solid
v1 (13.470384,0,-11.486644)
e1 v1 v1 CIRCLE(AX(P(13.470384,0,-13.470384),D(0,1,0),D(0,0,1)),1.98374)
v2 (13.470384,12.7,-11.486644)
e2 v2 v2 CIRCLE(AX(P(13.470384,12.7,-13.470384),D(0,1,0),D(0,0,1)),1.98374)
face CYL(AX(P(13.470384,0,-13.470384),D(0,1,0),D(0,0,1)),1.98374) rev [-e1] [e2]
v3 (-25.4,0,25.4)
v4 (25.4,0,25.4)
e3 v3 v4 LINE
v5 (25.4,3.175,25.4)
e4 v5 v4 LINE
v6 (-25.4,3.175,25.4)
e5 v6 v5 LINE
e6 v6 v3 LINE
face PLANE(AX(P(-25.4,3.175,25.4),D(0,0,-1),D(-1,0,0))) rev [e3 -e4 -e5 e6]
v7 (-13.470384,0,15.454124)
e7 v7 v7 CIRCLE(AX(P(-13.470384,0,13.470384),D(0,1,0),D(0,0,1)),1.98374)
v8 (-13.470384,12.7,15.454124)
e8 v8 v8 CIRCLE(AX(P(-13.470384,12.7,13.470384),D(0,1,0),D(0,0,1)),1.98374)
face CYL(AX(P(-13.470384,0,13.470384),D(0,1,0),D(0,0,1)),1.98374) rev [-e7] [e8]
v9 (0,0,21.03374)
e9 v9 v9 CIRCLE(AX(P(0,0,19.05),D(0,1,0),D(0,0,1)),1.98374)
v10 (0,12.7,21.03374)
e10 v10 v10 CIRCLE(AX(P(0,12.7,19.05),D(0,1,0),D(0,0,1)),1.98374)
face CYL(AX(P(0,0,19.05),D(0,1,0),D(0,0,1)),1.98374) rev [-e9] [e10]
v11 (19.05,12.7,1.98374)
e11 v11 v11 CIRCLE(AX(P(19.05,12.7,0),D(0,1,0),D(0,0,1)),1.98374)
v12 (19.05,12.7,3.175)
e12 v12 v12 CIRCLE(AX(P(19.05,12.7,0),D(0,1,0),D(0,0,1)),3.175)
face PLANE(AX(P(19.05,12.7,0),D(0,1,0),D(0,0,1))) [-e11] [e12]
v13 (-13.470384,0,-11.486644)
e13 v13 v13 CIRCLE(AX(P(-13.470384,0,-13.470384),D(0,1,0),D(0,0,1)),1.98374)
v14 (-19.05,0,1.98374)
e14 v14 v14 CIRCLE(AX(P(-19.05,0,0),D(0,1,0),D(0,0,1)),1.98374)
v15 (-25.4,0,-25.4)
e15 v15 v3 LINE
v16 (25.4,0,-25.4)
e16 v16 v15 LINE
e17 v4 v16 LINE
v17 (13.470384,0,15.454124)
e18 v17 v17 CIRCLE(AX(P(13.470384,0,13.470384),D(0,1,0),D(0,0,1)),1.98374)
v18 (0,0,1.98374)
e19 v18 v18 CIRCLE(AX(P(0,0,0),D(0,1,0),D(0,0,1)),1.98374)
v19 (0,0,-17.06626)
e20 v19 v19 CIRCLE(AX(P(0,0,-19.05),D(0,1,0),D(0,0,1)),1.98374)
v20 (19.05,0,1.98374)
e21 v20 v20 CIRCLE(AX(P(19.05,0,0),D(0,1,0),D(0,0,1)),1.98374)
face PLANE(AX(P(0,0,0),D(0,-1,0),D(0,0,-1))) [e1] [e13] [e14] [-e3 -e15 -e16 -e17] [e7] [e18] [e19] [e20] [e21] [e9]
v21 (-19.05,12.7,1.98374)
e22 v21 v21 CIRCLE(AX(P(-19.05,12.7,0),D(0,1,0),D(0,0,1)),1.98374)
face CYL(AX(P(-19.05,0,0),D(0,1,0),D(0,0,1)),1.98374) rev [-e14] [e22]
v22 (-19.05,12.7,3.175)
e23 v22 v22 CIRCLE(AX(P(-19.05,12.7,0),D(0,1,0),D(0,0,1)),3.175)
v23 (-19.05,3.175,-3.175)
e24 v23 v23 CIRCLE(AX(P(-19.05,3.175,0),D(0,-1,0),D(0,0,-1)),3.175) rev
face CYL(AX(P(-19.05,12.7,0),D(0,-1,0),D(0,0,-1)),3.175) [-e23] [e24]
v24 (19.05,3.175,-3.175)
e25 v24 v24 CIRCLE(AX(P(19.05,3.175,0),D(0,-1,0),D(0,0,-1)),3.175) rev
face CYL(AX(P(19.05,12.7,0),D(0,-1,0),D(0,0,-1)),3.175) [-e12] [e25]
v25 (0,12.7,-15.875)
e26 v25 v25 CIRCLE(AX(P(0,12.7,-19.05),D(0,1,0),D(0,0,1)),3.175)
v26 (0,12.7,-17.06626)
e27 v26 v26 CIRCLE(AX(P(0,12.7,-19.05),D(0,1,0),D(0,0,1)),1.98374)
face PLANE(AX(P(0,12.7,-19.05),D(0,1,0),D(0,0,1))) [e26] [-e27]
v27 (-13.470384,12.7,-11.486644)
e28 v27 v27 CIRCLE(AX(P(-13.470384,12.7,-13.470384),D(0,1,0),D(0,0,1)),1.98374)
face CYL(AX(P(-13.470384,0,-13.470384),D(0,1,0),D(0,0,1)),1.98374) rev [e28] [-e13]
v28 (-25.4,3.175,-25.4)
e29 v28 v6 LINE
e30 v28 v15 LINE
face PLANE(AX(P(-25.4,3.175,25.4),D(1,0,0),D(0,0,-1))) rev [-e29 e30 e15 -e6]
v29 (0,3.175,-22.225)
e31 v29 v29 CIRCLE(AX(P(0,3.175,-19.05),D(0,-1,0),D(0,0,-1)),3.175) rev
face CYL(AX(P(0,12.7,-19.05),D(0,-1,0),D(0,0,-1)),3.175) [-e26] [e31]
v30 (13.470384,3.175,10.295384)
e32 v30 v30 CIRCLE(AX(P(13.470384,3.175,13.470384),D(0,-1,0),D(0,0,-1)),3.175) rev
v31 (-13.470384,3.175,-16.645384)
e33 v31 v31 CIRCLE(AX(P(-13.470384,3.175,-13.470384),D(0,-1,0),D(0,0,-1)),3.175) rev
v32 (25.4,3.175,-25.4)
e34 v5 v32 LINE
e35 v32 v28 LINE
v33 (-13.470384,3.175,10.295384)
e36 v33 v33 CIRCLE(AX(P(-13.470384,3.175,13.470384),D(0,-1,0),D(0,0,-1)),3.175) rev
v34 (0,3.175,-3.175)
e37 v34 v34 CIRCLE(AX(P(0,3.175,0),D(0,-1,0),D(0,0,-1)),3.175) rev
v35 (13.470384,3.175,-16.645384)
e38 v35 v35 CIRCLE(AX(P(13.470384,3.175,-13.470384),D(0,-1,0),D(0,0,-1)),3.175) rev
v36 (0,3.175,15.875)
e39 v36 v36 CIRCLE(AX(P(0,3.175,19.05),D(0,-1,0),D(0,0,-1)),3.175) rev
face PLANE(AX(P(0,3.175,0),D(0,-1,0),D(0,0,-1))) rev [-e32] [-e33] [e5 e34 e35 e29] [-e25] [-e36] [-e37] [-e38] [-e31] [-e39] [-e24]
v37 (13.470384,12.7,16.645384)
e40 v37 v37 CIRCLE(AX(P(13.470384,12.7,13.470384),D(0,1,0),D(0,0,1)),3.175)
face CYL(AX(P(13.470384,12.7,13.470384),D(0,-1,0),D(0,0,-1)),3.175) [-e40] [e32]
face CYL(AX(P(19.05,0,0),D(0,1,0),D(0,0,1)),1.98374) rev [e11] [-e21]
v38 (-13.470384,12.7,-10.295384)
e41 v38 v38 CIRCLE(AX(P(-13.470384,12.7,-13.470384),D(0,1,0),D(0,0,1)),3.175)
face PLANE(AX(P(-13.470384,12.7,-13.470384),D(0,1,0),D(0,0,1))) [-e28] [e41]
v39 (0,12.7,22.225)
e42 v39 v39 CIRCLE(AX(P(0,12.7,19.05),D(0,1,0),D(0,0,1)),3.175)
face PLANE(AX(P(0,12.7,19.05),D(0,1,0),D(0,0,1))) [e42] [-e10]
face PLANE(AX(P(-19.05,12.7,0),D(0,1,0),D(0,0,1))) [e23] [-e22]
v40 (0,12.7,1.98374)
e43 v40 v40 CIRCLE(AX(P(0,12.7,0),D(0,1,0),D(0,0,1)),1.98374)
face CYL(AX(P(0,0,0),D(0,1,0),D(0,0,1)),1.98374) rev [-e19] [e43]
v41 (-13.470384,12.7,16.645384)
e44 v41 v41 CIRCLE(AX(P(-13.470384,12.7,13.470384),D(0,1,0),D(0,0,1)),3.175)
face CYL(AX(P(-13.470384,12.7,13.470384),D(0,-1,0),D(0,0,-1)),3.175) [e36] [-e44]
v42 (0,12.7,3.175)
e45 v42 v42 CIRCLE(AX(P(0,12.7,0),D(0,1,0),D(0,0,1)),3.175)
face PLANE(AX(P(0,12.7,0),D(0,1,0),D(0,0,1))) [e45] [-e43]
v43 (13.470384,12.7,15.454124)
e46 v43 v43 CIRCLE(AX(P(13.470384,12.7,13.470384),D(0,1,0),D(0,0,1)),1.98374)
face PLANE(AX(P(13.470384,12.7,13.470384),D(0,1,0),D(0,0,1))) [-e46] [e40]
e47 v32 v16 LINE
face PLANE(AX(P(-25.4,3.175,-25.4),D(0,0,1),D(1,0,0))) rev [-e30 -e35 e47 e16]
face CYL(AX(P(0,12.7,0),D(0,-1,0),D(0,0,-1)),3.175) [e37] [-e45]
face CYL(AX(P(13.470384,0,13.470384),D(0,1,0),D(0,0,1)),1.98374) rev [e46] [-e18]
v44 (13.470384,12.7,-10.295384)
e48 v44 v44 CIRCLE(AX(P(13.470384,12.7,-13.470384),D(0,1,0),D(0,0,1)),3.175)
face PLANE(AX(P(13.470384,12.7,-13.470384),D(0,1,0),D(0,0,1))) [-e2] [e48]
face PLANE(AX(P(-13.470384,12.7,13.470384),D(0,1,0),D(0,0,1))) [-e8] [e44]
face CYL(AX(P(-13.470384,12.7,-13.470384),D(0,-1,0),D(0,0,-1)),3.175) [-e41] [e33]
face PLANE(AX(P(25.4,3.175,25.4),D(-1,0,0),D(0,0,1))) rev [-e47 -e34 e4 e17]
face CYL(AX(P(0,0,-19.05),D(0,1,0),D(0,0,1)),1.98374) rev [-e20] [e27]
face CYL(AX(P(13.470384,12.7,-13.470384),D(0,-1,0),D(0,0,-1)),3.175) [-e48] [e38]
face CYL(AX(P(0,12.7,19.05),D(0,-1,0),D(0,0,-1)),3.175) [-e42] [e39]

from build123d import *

# Parameters (mm, degrees)
SKETCH1_W           = 50.8
SKETCH1_H           = 50.8
BOSS_EXTRUDE1_DEPTH = 3.175
SKETCH2_R           = 3.175
BOSS_EXTRUDE2_DEPTH = 9.525
SKETCH3_R           = 1.98374
CUT_EXTRUDE1_DEPTH  = 13.7


with BuildPart() as part:
    # Sketch1 → Boss-Extrude1 (new body)
    with BuildSketch(Plane(origin=(0, 0, 0), x_dir=(1, 0, 0), z_dir=(0, 1, 0))):
        Rectangle(SKETCH1_W, SKETCH1_H)
    extrude(amount=BOSS_EXTRUDE1_DEPTH)

    # Sketch2 → Boss-Extrude2 (add)
    with BuildSketch(Plane(origin=(0, 3.175, 0), x_dir=(1, 0, 0), z_dir=(0, 1, 0))):
        with Locations((0, 19.05)):
            Circle(SKETCH2_R)
        with Locations((13.470384182, 13.470384182)):
            Circle(SKETCH2_R)
        with Locations((19.05, 0)):
            Circle(SKETCH2_R)
        with Locations((13.470384182, -13.470384182)):
            Circle(SKETCH2_R)
        with Locations((0, -19.05)):
            Circle(SKETCH2_R)
        with Locations((-13.470384182, -13.470384182)):
            Circle(SKETCH2_R)
        with Locations((-19.05, 0)):
            Circle(SKETCH2_R)
        with Locations((-13.470384182, 13.470384182)):
            Circle(SKETCH2_R)
        Circle(SKETCH2_R)
    extrude(amount=BOSS_EXTRUDE2_DEPTH)

    # Sketch3 → Cut-Extrude1 (cut, through all)
    with BuildSketch(Plane(origin=(0, 12.7, 0), x_dir=(1, 0, 0), z_dir=(0, 1, 0))):
        with Locations((0, 19.05)):
            Circle(SKETCH3_R)
        with Locations((13.470384182, 13.470384182)):
            Circle(SKETCH3_R)
        with Locations((19.05, 0)):
            Circle(SKETCH3_R)
        with Locations((13.470384182, -13.470384182)):
            Circle(SKETCH3_R)
        with Locations((0, -19.05)):
            Circle(SKETCH3_R)
        with Locations((-13.470384182, -13.470384182)):
            Circle(SKETCH3_R)
        with Locations((-19.05, 0)):
            Circle(SKETCH3_R)
        with Locations((-13.470384182, 13.470384182)):
            Circle(SKETCH3_R)
        Circle(SKETCH3_R)
    extrude(amount=-CUT_EXTRUDE1_DEPTH, mode=Mode.SUBTRACT)


solid = part.part
